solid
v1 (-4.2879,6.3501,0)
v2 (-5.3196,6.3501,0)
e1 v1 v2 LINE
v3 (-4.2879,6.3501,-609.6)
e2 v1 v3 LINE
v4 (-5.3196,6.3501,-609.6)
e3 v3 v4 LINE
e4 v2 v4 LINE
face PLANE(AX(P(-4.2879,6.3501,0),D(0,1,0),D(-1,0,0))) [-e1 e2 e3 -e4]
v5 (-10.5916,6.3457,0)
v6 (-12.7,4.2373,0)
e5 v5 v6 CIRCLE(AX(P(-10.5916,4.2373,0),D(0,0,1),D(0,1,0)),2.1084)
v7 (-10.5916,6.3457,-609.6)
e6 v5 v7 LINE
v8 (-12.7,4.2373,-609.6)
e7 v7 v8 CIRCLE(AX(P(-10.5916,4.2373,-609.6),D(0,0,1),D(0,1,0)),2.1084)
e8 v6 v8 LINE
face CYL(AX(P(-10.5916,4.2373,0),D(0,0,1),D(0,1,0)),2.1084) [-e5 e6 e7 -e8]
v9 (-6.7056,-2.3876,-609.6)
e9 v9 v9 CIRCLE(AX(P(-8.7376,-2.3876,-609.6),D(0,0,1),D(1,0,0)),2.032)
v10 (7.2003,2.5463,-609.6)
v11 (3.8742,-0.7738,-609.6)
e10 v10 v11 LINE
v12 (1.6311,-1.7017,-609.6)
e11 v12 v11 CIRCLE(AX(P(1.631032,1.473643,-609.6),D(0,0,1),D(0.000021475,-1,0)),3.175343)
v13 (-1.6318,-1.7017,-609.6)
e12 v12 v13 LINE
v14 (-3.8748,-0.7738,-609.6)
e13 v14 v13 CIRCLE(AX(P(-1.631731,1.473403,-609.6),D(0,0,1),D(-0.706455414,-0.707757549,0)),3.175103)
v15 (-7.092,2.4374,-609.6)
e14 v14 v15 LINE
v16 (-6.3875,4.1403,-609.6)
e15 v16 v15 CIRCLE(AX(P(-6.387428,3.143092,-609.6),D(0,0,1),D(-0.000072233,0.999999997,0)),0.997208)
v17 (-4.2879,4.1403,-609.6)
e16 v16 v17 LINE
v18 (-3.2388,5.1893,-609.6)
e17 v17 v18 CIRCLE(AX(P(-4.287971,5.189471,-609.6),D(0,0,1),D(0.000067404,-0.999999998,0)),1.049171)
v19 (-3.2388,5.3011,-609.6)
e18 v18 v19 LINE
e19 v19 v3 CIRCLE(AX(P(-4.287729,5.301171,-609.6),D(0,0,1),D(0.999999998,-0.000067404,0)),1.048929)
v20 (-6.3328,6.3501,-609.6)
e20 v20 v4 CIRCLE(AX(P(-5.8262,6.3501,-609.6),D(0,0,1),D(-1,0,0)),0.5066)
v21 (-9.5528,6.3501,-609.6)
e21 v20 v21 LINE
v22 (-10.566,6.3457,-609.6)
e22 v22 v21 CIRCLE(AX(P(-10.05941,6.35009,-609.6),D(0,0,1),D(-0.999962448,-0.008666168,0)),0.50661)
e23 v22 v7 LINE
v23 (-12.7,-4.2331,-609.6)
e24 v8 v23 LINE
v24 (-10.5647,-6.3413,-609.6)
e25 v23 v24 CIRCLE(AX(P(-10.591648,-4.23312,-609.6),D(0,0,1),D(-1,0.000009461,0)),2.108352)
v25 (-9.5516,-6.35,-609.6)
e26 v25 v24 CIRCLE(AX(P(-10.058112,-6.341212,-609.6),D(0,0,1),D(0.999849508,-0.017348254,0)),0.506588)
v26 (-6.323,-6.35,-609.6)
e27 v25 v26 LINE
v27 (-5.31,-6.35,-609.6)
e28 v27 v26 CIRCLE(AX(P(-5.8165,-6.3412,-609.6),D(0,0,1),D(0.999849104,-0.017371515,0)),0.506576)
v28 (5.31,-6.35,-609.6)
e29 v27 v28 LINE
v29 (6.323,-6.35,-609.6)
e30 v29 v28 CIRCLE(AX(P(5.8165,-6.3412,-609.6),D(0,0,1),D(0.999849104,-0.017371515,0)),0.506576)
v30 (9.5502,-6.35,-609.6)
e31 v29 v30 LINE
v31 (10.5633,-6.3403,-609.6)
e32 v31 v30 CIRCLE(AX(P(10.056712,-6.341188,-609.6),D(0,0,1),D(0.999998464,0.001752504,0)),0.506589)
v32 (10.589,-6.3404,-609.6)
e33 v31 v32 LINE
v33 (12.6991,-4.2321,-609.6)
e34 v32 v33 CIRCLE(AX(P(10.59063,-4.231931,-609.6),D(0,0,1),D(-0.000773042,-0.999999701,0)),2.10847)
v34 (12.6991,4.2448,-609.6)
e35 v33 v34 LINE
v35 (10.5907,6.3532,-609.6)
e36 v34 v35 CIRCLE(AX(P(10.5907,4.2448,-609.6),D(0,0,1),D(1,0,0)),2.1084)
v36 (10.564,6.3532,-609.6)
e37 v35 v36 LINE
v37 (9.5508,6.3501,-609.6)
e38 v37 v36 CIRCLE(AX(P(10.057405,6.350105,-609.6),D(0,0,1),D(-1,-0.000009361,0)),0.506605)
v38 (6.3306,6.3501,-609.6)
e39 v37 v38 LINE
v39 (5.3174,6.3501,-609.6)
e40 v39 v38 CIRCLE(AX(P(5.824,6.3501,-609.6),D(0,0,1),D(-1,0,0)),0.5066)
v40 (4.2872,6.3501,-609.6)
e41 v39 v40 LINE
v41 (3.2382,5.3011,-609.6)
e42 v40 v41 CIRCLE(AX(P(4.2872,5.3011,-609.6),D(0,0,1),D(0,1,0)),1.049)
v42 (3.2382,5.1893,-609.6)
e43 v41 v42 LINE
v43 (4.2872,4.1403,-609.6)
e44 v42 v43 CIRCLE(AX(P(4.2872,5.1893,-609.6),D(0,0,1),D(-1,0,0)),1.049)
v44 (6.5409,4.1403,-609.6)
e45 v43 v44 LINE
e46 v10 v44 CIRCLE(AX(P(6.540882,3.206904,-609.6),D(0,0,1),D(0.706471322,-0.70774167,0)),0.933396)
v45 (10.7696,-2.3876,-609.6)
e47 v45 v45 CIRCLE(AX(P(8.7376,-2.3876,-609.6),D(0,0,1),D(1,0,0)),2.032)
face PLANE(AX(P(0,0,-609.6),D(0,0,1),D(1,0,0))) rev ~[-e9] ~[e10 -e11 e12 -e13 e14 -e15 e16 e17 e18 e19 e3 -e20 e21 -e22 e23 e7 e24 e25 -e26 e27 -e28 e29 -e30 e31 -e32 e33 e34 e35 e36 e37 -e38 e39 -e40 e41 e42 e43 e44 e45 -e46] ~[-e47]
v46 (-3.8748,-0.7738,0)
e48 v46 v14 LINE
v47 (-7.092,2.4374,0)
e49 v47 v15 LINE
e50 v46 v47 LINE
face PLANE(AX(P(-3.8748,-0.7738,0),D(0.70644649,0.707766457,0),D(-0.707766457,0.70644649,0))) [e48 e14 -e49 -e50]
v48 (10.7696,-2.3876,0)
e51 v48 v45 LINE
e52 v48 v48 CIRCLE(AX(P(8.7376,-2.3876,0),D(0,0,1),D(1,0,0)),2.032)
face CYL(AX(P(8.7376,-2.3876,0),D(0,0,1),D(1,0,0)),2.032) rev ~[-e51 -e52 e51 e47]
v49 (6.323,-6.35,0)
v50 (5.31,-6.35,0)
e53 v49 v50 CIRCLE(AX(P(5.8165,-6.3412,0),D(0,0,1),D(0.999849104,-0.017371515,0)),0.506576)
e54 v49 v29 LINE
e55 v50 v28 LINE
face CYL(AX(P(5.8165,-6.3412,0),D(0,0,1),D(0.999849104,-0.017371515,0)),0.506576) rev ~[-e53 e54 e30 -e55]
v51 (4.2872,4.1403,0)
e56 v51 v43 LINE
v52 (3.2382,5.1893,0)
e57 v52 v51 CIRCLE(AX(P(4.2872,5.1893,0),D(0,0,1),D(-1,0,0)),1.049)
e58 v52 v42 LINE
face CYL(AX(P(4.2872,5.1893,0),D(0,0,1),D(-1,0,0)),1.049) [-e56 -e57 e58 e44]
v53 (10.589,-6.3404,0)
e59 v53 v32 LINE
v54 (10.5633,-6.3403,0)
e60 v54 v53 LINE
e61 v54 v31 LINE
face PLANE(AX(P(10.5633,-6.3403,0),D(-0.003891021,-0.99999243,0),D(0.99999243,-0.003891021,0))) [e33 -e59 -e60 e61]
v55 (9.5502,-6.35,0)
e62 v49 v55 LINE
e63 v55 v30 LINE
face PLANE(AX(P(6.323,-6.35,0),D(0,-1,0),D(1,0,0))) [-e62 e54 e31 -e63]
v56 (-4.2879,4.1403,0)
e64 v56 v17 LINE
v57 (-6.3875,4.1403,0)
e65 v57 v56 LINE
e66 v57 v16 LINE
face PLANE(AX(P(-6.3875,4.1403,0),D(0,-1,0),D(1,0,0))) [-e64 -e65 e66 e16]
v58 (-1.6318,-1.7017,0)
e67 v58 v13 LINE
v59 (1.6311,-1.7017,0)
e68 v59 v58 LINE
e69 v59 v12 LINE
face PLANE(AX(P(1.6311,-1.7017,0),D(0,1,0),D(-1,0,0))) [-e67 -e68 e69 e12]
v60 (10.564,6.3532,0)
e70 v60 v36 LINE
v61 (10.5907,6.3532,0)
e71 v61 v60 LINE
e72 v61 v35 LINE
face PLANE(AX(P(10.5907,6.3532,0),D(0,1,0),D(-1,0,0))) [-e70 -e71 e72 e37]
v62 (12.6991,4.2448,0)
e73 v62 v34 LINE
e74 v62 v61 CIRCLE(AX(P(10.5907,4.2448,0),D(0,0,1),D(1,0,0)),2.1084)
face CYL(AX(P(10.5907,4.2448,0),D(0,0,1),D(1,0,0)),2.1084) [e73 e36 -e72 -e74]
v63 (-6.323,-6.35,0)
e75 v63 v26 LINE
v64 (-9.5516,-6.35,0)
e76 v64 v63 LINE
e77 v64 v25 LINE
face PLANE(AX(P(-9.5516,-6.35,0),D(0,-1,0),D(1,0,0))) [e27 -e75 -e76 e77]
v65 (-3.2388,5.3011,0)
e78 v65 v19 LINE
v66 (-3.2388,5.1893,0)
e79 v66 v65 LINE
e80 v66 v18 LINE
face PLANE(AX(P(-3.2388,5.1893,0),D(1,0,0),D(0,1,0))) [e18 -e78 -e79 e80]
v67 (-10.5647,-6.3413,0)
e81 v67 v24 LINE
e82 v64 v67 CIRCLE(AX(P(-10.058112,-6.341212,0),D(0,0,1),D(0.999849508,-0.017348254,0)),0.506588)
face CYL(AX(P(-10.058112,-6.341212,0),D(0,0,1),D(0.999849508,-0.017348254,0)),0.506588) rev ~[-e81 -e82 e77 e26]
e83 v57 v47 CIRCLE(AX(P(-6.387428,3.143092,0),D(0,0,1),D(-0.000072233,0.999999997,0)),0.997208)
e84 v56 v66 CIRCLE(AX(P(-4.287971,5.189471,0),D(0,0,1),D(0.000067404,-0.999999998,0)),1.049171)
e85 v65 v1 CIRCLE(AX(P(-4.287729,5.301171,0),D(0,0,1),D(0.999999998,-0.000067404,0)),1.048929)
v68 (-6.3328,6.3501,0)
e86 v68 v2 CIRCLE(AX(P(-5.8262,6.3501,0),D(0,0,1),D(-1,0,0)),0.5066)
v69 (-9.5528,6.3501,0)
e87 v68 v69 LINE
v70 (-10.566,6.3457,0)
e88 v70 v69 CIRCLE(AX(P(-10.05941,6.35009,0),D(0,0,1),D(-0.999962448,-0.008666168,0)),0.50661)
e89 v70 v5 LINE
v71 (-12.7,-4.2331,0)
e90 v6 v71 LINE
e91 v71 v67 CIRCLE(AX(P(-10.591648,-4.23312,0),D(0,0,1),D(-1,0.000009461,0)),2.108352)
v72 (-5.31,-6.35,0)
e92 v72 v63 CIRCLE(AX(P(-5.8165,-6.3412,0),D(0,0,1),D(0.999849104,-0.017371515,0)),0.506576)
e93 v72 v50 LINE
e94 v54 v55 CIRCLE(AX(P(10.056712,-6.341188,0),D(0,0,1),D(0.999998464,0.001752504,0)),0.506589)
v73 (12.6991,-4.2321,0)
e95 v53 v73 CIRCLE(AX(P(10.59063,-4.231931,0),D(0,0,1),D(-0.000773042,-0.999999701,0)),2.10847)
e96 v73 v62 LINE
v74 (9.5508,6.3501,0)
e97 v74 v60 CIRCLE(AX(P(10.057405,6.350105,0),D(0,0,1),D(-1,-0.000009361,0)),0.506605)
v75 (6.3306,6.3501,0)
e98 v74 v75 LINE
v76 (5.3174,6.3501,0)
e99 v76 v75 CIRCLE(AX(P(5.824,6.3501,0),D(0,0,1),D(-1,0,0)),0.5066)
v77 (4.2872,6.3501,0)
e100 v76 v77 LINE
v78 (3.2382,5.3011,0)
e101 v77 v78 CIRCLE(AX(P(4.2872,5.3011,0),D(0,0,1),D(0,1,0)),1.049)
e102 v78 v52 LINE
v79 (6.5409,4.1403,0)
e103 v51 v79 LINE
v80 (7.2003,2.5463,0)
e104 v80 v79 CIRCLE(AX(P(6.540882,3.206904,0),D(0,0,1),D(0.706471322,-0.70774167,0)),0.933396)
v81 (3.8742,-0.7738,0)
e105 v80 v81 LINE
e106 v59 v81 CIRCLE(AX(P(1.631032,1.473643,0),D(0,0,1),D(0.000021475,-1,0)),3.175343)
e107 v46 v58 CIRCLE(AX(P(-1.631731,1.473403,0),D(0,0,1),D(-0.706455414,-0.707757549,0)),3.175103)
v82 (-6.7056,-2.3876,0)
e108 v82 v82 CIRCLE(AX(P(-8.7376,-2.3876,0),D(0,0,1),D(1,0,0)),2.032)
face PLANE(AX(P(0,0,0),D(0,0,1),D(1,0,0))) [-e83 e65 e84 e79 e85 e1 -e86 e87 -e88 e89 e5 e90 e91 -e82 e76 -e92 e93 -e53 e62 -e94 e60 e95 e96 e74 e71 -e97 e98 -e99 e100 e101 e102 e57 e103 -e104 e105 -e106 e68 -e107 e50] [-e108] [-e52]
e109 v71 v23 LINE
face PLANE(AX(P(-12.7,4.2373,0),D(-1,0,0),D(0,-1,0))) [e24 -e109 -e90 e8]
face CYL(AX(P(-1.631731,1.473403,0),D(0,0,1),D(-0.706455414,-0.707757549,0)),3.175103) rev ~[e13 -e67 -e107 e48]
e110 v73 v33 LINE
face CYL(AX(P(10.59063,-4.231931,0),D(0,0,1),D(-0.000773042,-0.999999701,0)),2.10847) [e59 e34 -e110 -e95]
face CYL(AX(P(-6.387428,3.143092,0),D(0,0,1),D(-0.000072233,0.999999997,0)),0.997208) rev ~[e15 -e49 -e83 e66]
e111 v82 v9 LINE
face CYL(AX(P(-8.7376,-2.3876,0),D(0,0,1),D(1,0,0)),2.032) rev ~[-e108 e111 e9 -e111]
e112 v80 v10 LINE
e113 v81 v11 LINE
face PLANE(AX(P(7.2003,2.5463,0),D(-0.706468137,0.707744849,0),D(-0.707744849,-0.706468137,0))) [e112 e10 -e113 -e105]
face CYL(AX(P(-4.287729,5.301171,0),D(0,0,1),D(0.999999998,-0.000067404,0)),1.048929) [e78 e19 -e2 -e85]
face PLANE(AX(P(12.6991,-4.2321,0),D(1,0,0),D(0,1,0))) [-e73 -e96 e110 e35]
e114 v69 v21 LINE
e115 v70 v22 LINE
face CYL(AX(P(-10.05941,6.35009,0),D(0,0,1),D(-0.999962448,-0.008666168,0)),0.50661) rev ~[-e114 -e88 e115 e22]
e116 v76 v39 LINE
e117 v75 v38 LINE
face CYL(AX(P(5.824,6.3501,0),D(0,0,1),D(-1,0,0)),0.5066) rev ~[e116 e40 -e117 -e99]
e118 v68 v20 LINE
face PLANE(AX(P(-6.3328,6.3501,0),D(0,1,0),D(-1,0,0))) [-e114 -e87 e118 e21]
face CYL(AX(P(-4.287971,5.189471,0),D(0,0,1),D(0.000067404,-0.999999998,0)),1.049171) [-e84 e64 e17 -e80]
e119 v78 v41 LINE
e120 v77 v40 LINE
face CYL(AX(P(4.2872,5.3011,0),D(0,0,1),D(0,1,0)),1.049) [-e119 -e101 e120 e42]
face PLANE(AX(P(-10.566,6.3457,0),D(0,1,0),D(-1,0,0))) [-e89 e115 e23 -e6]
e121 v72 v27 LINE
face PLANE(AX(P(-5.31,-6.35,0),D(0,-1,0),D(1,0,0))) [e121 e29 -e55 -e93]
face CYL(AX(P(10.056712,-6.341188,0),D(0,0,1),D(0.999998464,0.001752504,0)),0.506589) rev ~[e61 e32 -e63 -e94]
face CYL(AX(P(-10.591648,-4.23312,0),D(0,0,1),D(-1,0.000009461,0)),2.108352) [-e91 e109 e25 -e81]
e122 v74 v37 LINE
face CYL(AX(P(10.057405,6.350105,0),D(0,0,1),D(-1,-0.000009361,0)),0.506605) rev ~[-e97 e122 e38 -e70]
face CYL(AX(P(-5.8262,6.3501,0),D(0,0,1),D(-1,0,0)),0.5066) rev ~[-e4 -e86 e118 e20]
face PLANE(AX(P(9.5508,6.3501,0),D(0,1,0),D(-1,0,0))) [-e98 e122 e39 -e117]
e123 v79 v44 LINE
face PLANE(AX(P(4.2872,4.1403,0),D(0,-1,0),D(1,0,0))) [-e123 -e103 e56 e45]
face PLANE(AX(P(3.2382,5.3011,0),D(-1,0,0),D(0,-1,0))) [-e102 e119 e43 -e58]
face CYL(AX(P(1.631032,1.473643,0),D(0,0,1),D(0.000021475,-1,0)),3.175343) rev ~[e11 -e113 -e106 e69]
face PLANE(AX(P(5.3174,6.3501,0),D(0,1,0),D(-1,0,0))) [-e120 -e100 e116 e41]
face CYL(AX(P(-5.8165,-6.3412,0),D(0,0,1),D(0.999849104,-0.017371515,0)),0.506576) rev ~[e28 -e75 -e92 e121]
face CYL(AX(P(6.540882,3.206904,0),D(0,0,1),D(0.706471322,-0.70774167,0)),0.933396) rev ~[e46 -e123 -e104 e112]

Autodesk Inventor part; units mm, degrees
ref_plane "YZ Plane" through (0, 0, 0) normal (1, 0, 0) x (0, 1, 0)
ref_plane "XZ Plane" through (0, 0, 0) normal (0, 1, 0) x (-1, 0, 0)
ref_plane "XY Plane" through (0, 0, 0) normal (0, 0, 1) x (1, 0, 0)
sketch "Sketch1" plane through (0, 0, 0) normal (0, 0, 1) x (1, 0, 0)
  circle A0 centre (8.7376, -2.3876) radius 2.032
  circle A1 centre (-8.7376, -2.3876) radius 2.032
  arc A2 (9.5508, 6.3501) -> (10.564, 6.3532) centre (10.0574, 6.3501) ccw
  line L0 (9.5508, 6.3501) -> (6.3306, 6.3501)
  arc A3 (5.3174, 6.3501) -> (6.3306, 6.3501) centre (5.824, 6.3501) ccw
  line L1 (5.3174, 6.3501) -> (4.2872, 6.3501)
  arc A4 (4.2872, 6.3501) -> (3.2382, 5.3011) centre (4.2872, 5.3011) ccw
  line L2 (3.2382, 5.3011) -> (3.2382, 5.1893)
  arc A5 (3.2382, 5.1893) -> (4.2872, 4.1403) centre (4.2872, 5.1893) ccw
  line L3 (4.2872, 4.1403) -> (6.5409, 4.1403)
  arc A6 (7.2003, 2.5463) -> (6.5409, 4.1403) centre (6.5409, 3.2069) ccw
  line L4 (7.2003, 2.5463) -> (3.8742, -0.7738)
  arc A7 (1.6311, -1.7017) -> (3.8742, -0.7738) centre (1.6311, 1.4733) ccw
  line L5 (1.6311, -1.7017) -> (-1.6318, -1.7017)
  arc A8 (-3.8748, -0.7738) -> (-1.6318, -1.7017) centre (-1.6318, 1.4733) ccw
  line L6 (-3.8748, -0.7738) -> (-7.092, 2.4374)
  arc A9 (-6.3875, 4.1403) -> (-7.092, 2.4374) centre (-6.3875, 3.1432) ccw
  line L7 (-6.3875, 4.1403) -> (-4.2879, 4.1403)
  arc A10 (-4.2879, 4.1403) -> (-3.2388, 5.1893) centre (-4.2879, 5.1893) ccw
  line L8 (-3.2388, 5.1893) -> (-3.2388, 5.3011)
  arc A11 (-3.2388, 5.3011) -> (-4.2879, 6.3501) centre (-4.2879, 5.3011) ccw
  line L9 (-4.2879, 6.3501) -> (-5.3196, 6.3501)
  arc A12 (-6.3328, 6.3501) -> (-5.3196, 6.3501) centre (-5.8262, 6.3501) ccw
  line L10 (-6.3328, 6.3501) -> (-9.5528, 6.3501)
  arc A13 (-10.566, 6.3457) -> (-9.5528, 6.3501) centre (-10.0594, 6.3501) ccw
  line L11 (-10.566, 6.3457) -> (-10.5916, 6.3457)
  arc A14 (-10.5916, 6.3457) -> (-12.7, 4.2373) centre (-10.5916, 4.2373) ccw
  line L12 (-12.7, 4.2373) -> (-12.7, -4.2331)
  arc A15 (-12.7, -4.2331) -> (-10.5647, -6.3413) centre (-10.5916, -4.2331) ccw
  arc A16 (-9.5516, -6.35) -> (-10.5647, -6.3413) centre (-10.0581, -6.3412) ccw
  line L13 (-9.5516, -6.35) -> (-6.323, -6.35)
  arc A17 (-5.31, -6.35) -> (-6.323, -6.35) centre (-5.8165, -6.3412) ccw
  line L14 (-5.31, -6.35) -> (5.31, -6.35)
  arc A18 (6.323, -6.35) -> (5.31, -6.35) centre (5.8165, -6.3412) ccw
  line L15 (6.323, -6.35) -> (9.5502, -6.35)
  arc A19 (10.5633, -6.3403) -> (9.5502, -6.35) centre (10.0567, -6.3412) ccw
  line L16 (10.5633, -6.3403) -> (10.589, -6.3404)
  arc A20 (10.589, -6.3404) -> (12.6991, -4.2321) centre (10.5907, -4.2321) ccw
  line L17 (12.6991, -4.2321) -> (12.6991, 4.2448)
  arc A21 (12.6991, 4.2448) -> (10.5907, 6.3532) centre (10.5907, 4.2448) ccw
  line L18 (10.5907, 6.3532) -> (10.564, 6.3532)
  point P0 (0, 0)
extrude "Extrusion1" add sketch "Sketch1" against normal blind 609.6
properties part number "24in_1050"
